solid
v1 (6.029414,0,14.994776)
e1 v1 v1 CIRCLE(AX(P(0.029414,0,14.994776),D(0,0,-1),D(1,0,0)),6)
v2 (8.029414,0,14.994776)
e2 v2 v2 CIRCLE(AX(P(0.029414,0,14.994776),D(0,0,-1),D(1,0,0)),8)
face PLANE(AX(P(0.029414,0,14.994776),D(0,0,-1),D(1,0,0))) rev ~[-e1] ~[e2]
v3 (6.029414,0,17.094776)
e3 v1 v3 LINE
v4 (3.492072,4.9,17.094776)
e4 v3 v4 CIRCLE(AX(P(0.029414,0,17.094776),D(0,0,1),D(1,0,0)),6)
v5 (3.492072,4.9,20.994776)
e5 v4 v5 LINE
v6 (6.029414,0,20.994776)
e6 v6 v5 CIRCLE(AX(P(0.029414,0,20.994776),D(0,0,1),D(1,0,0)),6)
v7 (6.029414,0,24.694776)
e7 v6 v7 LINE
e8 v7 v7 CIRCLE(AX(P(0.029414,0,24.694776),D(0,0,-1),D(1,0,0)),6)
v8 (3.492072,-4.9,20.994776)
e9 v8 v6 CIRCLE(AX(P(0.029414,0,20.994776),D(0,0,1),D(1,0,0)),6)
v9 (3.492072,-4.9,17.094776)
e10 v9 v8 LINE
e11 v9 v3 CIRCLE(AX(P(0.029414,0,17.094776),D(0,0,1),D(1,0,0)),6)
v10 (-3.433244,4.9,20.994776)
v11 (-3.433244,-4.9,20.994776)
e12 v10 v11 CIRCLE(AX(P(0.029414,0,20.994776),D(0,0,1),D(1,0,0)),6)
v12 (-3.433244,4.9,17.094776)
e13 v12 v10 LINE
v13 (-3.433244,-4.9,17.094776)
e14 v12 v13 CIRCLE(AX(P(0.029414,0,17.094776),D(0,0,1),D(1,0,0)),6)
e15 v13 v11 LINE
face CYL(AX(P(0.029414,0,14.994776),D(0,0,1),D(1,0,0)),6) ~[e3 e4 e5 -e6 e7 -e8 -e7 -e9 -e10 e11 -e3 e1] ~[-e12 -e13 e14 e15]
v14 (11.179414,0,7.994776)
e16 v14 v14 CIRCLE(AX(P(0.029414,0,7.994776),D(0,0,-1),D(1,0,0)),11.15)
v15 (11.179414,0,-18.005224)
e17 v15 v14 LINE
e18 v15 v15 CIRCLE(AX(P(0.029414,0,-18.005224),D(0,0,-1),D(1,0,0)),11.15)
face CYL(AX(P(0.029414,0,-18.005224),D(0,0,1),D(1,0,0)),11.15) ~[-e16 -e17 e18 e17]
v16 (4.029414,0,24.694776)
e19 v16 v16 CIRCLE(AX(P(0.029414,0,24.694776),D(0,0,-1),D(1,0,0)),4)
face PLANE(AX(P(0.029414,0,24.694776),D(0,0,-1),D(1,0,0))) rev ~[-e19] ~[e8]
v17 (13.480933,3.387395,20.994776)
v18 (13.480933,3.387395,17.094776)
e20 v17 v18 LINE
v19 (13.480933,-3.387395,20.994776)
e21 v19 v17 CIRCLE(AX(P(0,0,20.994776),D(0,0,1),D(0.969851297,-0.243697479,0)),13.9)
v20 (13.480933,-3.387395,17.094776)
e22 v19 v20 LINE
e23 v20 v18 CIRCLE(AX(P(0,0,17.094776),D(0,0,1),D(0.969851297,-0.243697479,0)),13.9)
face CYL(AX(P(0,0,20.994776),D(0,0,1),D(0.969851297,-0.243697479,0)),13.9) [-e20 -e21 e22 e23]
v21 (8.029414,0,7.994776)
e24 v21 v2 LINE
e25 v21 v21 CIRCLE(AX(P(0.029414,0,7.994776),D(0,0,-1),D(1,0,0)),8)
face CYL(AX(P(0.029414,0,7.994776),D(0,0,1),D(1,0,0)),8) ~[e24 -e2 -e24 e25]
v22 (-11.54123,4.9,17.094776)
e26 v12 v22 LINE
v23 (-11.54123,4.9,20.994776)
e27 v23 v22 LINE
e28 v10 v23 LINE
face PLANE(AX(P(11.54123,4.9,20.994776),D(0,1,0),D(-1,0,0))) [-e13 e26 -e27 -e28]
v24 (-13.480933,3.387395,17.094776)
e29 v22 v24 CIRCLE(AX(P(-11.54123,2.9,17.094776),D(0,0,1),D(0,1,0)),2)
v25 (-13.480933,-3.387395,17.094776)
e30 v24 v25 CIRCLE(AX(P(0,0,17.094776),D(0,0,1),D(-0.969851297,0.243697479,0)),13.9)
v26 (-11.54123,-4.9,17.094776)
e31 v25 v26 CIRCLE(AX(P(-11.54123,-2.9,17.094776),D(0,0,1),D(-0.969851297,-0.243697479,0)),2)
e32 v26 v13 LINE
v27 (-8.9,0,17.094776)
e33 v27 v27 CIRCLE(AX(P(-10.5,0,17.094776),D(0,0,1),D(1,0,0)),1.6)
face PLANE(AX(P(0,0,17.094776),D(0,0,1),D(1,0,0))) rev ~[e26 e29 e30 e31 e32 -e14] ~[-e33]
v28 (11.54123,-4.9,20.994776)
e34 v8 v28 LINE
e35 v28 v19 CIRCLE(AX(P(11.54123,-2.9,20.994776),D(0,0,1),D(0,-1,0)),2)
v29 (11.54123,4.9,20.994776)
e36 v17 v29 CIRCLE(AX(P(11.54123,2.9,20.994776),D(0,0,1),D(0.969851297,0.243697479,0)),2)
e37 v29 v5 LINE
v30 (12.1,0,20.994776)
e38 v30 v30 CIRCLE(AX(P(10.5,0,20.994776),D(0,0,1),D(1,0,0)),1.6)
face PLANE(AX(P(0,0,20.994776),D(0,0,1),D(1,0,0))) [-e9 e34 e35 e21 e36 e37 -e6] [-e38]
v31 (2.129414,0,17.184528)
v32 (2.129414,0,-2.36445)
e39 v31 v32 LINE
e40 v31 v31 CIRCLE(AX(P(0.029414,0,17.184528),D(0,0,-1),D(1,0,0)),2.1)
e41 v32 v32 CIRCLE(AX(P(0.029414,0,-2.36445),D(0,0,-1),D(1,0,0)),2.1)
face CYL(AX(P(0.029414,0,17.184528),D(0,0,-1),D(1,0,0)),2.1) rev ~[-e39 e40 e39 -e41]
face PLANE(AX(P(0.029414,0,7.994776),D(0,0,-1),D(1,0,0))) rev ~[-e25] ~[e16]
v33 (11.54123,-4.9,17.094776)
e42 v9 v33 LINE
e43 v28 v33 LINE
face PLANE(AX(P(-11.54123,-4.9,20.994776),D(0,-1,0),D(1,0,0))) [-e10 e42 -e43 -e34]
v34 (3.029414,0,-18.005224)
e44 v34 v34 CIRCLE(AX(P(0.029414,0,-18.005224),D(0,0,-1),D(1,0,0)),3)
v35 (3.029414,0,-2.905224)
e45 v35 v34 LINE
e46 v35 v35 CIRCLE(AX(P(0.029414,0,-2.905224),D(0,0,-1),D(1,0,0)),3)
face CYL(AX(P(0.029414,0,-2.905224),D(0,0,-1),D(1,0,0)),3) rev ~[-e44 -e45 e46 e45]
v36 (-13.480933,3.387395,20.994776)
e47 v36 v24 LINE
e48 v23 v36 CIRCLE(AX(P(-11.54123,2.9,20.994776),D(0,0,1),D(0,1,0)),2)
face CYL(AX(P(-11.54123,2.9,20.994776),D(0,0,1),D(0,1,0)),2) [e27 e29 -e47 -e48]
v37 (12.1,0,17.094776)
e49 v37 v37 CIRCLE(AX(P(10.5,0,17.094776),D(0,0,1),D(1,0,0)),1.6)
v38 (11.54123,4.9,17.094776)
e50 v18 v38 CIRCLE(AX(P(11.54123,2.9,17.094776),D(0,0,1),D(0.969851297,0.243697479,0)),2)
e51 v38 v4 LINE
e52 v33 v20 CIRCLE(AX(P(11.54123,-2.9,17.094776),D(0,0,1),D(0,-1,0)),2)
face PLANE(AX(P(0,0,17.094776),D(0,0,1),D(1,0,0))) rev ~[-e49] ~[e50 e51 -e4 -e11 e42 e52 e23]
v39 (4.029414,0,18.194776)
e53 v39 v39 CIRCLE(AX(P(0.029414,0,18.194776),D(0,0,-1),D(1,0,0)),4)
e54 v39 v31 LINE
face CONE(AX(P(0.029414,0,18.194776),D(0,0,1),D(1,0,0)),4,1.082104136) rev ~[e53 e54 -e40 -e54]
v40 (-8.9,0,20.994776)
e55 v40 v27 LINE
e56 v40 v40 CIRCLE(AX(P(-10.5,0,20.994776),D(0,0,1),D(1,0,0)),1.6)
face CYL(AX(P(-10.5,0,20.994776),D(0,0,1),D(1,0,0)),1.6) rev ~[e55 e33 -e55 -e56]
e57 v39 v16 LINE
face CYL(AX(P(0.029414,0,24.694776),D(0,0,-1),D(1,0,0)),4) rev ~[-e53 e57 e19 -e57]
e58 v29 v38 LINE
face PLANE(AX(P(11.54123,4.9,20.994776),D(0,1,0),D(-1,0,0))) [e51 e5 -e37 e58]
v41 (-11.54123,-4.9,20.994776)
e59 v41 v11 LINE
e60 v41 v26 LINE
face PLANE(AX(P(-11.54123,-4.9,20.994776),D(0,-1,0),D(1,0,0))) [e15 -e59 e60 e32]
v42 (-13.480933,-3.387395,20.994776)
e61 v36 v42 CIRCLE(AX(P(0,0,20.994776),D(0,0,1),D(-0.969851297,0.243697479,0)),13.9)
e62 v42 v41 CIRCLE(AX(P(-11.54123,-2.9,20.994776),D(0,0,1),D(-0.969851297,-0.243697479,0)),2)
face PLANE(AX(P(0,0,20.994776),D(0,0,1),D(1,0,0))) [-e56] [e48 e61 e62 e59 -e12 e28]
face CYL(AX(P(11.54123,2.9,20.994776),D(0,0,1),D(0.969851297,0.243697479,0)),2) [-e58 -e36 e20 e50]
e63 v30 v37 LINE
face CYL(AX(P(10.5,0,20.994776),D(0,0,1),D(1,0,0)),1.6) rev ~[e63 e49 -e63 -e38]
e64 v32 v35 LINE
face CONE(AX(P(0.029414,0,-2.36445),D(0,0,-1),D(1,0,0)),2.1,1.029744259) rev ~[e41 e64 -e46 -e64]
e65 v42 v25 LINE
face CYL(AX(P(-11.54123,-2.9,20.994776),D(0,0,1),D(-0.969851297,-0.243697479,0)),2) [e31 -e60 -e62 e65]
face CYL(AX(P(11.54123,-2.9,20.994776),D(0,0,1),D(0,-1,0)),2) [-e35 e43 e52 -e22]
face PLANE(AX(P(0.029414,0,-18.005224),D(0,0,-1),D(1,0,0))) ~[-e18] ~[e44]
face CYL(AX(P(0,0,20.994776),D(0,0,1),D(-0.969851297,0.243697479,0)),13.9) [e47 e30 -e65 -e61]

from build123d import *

# Parameters (mm, degrees)
F3_R     = 4
F4_DEPTH = 3.9
F5_R     = 1.6
F6_DEPTH = 3.9


with BuildPart() as f1:
    # F0 (on Front) → F1 (revolve)
    with BuildSketch(Plane.XZ):
        Polygon((3.0294142647, -2.9052242924), (3.0294142647, -18.0052242924), (11.1794142647, -18.0052242924), (11.1794142647, 7.9947757076), (8.0294142647, 7.9947757076), (8.0294142647, 14.9947757076), (6.0294142647, 14.9947757076), (6.0294142647, 20.9947757076), (6.0294142647, 24.6947757076), (4.0294142647, 24.6947757076), (4.0294142647, 18.1947757076), (2.1294142647, 17.1845277874), (2.1294142647, -2.3644497353), align=None)
    revolve(axis=Axis((0.0294142647, 0, 3.3447757076), (0, 0, -1)))

    # F3 (on offset) → F4 (join)
    with BuildSketch(Plane.XY.offset(20.9947757076)):
        with BuildLine():
            ThreePointArc((-11.541230437, 4.9), (-12.7711105295, 4.4771477286), (-13.4809330315, 3.387394958))
            ThreePointArc((-13.4809330315, 3.387394958), (-13.9, 0), (-13.4809330315, -3.387394958))
            ThreePointArc((-13.4809330315, -3.387394958), (-12.7711105295, -4.4771477286), (-11.541230437, -4.9))
            Line((-11.541230437, -4.9), (11.541230437, -4.9))
            ThreePointArc((11.541230437, -4.9), (12.7711105295, -4.4771477286), (13.4809330315, -3.387394958))
            ThreePointArc((13.4809330315, -3.387394958), (13.9, 0), (13.4809330315, 3.387394958))
            ThreePointArc((13.4809330315, 3.387394958), (12.7711105295, 4.4771477286), (11.541230437, 4.9))
            Line((11.541230437, 4.9), (-11.541230437, 4.9))
        make_face()
        with Locations((0.0294142647, 0)):
            Circle(F3_R, mode=Mode.SUBTRACT)
    extrude(amount=-F4_DEPTH)

    # F5 (on face) → F6 (cut, through all)
    with BuildSketch(Plane.XY.offset(20.9947757076)):
        with Locations((-10.5, 0)):
            Circle(F5_R)
        with Locations((10.5, 0)):
            Circle(F5_R)
    extrude(amount=-F6_DEPTH, mode=Mode.SUBTRACT)


solid = f1.part
